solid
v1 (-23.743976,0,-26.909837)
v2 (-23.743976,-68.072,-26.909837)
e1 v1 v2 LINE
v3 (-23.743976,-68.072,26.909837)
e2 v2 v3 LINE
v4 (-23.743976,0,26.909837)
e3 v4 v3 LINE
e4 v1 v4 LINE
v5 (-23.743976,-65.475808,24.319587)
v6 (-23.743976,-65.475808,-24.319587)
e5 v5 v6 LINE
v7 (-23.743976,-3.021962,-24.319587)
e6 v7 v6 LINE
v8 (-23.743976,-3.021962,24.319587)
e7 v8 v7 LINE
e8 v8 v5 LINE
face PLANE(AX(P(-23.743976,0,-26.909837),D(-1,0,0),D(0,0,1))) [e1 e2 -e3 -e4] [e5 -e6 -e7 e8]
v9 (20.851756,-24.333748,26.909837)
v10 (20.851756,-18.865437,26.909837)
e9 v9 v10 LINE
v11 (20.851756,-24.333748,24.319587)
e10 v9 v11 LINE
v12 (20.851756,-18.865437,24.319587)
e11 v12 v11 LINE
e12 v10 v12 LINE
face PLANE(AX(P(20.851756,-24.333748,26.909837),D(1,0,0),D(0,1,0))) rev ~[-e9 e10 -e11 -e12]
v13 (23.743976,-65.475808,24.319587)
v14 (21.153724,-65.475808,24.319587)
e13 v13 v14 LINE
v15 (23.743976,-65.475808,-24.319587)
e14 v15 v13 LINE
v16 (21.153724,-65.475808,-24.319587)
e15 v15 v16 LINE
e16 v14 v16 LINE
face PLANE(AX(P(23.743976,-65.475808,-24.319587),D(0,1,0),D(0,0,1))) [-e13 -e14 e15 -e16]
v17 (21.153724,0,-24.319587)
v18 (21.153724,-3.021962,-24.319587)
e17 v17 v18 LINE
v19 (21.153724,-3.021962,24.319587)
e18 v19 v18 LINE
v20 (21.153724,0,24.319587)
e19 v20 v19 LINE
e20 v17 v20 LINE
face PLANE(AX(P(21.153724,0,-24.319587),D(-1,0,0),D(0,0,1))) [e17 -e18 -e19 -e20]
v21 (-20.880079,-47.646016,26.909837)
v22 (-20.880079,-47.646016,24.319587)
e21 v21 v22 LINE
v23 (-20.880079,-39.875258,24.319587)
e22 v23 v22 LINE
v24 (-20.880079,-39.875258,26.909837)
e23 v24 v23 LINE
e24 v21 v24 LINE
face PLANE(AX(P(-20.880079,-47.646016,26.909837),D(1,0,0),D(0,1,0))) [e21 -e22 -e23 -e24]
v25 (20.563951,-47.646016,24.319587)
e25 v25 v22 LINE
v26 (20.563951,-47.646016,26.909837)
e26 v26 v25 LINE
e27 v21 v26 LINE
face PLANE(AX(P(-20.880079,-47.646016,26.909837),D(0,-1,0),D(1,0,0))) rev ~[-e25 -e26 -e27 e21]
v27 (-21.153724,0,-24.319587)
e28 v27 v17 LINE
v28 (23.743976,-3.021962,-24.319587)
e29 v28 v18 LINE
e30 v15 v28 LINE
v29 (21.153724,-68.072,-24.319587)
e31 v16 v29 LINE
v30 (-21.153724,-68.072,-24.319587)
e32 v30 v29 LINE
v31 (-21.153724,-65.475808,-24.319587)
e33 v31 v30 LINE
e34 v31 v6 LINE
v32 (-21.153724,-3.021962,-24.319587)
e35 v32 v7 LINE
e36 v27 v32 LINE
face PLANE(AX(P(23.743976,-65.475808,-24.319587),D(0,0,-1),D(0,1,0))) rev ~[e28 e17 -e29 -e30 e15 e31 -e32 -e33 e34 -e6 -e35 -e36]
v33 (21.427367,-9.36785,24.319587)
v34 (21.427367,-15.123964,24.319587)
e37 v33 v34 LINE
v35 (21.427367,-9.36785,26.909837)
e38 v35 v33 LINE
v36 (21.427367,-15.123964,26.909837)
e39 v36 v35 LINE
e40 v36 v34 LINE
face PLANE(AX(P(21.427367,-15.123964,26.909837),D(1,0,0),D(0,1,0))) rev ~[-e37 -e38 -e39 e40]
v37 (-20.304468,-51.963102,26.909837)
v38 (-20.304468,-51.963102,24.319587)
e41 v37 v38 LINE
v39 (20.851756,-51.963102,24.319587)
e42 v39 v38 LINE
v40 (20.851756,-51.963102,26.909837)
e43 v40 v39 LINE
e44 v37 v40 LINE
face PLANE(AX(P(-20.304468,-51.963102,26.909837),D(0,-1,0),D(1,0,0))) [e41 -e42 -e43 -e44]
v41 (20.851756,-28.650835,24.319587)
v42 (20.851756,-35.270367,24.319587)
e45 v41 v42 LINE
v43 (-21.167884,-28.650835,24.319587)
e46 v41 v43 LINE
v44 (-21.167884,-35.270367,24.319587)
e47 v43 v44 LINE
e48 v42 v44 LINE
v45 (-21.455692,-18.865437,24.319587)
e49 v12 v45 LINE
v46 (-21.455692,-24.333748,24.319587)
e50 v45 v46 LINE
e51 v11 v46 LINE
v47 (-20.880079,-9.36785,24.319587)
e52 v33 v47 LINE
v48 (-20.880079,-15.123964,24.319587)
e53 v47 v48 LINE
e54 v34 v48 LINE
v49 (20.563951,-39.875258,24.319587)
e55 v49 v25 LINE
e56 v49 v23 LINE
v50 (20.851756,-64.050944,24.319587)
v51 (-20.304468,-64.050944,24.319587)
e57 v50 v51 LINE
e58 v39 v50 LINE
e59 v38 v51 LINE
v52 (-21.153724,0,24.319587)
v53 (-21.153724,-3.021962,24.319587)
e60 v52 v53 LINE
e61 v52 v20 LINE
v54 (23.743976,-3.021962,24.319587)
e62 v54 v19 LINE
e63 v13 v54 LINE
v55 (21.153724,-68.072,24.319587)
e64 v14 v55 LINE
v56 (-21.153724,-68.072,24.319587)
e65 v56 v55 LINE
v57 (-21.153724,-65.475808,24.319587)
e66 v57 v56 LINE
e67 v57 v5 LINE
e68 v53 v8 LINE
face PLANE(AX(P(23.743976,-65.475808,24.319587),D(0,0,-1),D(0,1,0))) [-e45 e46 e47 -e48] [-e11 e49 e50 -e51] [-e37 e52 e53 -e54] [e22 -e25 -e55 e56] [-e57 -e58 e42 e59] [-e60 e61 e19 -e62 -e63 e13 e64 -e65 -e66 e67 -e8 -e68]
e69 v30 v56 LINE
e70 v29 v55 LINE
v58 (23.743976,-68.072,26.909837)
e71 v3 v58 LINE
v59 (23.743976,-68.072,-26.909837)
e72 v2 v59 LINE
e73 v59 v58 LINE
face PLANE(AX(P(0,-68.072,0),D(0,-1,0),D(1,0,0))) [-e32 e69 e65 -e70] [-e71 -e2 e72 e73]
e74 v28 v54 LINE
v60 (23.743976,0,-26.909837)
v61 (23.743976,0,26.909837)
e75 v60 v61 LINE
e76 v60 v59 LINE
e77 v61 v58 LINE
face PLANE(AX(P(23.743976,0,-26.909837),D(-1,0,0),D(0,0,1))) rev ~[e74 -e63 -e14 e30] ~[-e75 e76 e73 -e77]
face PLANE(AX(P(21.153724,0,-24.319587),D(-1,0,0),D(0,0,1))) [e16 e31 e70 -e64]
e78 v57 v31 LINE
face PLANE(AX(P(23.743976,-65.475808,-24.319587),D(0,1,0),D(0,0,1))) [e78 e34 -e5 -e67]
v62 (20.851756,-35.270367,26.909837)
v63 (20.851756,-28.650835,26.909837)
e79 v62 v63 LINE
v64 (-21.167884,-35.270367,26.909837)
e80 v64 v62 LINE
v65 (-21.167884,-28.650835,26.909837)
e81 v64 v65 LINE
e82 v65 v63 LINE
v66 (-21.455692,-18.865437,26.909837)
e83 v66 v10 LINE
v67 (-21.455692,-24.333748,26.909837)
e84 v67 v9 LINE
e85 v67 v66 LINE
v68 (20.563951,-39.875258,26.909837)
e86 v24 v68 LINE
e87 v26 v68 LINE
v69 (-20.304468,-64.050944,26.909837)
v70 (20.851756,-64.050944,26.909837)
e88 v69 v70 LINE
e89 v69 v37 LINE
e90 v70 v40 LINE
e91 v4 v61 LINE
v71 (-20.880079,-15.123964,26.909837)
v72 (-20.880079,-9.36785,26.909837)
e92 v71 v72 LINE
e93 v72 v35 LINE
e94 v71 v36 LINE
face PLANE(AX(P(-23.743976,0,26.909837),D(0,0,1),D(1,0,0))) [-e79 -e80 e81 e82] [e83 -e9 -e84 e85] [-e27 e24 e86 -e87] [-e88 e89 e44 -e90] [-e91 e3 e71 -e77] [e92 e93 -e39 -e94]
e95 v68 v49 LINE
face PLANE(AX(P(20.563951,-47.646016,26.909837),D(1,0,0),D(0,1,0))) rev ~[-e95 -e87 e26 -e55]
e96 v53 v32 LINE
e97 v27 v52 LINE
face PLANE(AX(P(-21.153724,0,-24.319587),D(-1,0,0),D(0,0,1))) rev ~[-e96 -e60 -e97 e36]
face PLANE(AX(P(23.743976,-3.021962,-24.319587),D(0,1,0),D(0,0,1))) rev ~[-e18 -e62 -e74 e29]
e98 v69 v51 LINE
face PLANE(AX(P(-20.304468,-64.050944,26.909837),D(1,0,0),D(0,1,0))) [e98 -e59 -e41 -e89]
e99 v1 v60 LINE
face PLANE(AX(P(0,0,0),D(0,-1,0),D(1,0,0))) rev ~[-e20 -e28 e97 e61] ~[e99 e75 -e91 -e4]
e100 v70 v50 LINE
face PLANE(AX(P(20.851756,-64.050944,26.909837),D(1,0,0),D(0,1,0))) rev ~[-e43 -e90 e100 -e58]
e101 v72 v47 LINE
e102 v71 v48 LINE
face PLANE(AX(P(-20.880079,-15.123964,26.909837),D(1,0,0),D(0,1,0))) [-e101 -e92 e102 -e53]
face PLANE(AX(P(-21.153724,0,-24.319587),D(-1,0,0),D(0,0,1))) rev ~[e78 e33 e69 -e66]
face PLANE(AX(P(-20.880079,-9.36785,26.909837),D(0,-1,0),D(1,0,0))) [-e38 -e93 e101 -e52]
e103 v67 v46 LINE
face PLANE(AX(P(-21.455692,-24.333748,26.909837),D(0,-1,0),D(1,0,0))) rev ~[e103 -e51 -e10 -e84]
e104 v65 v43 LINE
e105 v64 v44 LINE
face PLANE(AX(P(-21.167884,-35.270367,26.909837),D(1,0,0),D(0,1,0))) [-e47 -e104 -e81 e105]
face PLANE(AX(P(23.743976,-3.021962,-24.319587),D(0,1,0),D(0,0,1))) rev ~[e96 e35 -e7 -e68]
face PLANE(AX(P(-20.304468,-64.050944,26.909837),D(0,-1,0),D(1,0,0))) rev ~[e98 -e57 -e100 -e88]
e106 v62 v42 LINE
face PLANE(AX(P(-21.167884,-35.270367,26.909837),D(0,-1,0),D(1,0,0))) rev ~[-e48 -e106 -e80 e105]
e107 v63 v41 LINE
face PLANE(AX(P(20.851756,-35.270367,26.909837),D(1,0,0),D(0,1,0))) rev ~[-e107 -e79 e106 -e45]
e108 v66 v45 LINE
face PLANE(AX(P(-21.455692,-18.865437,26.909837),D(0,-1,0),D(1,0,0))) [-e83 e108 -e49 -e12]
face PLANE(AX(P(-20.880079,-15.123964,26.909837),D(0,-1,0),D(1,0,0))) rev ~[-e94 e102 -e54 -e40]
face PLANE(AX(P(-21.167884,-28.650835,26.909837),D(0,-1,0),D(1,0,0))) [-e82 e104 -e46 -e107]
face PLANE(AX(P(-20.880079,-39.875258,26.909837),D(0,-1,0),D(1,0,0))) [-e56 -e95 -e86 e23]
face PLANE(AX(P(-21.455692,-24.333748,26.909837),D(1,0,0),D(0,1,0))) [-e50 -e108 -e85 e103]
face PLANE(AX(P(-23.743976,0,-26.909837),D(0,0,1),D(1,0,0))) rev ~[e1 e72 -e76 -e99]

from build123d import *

# Parameters (mm, degrees)
F0_W     = 47.487952
F0_H     = 53.819674
F0_W_2   = 42.307448
F0_H_2   = 48.639174
F1_DEPTH = 68.072
F2_W     = 62.453845
F2_H     = 48.639174
F3_DEPTH = 68.072
F4_W     = 41.156224
F4_H     = 12.087841
F4_W_2   = 41.44403
F4_H_2   = 7.770758
F4_W_3   = 42.01964
F4_H_3   = 6.619532
F4_W_4   = 42.307448
F4_H_4   = 5.468311
F4_W_5   = 42.307446
F4_H_5   = 5.756115
F5_DEPTH = 25.4


with BuildPart() as f1:
    # F0 (on Front) → F1 (new body)
    with BuildSketch(Plane.XZ):
        Rectangle(F0_W, F0_H)
        Rectangle(F0_W_2, F0_H_2, mode=Mode.SUBTRACT)
    extrude(amount=F1_DEPTH)

    # F2 (on face) → F3 (cut)
    with BuildSketch(Plane.YZ.offset(23.743976)):
        with Locations((-34.248885, 0)):
            Rectangle(F2_W, F2_H)
    extrude(amount=-F3_DEPTH, mode=Mode.SUBTRACT)

    # F4 (on face) → F5 (cut)
    with BuildSketch(Plane.XY.offset(26.909837)):
        with Locations((0.273644, -58.007023)):
            Rectangle(F4_W, F4_H)
        with Locations((-0.158064, -43.760637)):
            Rectangle(F4_W_2, F4_H_2)
        with Locations((-0.158064, -31.960601)):
            Rectangle(F4_W_3, F4_H_3)
        with Locations((-0.301968, -21.599593)):
            Rectangle(F4_W_4, F4_H_4)
        with Locations((0.273644, -12.245907)):
            Rectangle(F4_W_5, F4_H_5)
    extrude(amount=-F5_DEPTH, mode=Mode.SUBTRACT)


solid = f1.part
